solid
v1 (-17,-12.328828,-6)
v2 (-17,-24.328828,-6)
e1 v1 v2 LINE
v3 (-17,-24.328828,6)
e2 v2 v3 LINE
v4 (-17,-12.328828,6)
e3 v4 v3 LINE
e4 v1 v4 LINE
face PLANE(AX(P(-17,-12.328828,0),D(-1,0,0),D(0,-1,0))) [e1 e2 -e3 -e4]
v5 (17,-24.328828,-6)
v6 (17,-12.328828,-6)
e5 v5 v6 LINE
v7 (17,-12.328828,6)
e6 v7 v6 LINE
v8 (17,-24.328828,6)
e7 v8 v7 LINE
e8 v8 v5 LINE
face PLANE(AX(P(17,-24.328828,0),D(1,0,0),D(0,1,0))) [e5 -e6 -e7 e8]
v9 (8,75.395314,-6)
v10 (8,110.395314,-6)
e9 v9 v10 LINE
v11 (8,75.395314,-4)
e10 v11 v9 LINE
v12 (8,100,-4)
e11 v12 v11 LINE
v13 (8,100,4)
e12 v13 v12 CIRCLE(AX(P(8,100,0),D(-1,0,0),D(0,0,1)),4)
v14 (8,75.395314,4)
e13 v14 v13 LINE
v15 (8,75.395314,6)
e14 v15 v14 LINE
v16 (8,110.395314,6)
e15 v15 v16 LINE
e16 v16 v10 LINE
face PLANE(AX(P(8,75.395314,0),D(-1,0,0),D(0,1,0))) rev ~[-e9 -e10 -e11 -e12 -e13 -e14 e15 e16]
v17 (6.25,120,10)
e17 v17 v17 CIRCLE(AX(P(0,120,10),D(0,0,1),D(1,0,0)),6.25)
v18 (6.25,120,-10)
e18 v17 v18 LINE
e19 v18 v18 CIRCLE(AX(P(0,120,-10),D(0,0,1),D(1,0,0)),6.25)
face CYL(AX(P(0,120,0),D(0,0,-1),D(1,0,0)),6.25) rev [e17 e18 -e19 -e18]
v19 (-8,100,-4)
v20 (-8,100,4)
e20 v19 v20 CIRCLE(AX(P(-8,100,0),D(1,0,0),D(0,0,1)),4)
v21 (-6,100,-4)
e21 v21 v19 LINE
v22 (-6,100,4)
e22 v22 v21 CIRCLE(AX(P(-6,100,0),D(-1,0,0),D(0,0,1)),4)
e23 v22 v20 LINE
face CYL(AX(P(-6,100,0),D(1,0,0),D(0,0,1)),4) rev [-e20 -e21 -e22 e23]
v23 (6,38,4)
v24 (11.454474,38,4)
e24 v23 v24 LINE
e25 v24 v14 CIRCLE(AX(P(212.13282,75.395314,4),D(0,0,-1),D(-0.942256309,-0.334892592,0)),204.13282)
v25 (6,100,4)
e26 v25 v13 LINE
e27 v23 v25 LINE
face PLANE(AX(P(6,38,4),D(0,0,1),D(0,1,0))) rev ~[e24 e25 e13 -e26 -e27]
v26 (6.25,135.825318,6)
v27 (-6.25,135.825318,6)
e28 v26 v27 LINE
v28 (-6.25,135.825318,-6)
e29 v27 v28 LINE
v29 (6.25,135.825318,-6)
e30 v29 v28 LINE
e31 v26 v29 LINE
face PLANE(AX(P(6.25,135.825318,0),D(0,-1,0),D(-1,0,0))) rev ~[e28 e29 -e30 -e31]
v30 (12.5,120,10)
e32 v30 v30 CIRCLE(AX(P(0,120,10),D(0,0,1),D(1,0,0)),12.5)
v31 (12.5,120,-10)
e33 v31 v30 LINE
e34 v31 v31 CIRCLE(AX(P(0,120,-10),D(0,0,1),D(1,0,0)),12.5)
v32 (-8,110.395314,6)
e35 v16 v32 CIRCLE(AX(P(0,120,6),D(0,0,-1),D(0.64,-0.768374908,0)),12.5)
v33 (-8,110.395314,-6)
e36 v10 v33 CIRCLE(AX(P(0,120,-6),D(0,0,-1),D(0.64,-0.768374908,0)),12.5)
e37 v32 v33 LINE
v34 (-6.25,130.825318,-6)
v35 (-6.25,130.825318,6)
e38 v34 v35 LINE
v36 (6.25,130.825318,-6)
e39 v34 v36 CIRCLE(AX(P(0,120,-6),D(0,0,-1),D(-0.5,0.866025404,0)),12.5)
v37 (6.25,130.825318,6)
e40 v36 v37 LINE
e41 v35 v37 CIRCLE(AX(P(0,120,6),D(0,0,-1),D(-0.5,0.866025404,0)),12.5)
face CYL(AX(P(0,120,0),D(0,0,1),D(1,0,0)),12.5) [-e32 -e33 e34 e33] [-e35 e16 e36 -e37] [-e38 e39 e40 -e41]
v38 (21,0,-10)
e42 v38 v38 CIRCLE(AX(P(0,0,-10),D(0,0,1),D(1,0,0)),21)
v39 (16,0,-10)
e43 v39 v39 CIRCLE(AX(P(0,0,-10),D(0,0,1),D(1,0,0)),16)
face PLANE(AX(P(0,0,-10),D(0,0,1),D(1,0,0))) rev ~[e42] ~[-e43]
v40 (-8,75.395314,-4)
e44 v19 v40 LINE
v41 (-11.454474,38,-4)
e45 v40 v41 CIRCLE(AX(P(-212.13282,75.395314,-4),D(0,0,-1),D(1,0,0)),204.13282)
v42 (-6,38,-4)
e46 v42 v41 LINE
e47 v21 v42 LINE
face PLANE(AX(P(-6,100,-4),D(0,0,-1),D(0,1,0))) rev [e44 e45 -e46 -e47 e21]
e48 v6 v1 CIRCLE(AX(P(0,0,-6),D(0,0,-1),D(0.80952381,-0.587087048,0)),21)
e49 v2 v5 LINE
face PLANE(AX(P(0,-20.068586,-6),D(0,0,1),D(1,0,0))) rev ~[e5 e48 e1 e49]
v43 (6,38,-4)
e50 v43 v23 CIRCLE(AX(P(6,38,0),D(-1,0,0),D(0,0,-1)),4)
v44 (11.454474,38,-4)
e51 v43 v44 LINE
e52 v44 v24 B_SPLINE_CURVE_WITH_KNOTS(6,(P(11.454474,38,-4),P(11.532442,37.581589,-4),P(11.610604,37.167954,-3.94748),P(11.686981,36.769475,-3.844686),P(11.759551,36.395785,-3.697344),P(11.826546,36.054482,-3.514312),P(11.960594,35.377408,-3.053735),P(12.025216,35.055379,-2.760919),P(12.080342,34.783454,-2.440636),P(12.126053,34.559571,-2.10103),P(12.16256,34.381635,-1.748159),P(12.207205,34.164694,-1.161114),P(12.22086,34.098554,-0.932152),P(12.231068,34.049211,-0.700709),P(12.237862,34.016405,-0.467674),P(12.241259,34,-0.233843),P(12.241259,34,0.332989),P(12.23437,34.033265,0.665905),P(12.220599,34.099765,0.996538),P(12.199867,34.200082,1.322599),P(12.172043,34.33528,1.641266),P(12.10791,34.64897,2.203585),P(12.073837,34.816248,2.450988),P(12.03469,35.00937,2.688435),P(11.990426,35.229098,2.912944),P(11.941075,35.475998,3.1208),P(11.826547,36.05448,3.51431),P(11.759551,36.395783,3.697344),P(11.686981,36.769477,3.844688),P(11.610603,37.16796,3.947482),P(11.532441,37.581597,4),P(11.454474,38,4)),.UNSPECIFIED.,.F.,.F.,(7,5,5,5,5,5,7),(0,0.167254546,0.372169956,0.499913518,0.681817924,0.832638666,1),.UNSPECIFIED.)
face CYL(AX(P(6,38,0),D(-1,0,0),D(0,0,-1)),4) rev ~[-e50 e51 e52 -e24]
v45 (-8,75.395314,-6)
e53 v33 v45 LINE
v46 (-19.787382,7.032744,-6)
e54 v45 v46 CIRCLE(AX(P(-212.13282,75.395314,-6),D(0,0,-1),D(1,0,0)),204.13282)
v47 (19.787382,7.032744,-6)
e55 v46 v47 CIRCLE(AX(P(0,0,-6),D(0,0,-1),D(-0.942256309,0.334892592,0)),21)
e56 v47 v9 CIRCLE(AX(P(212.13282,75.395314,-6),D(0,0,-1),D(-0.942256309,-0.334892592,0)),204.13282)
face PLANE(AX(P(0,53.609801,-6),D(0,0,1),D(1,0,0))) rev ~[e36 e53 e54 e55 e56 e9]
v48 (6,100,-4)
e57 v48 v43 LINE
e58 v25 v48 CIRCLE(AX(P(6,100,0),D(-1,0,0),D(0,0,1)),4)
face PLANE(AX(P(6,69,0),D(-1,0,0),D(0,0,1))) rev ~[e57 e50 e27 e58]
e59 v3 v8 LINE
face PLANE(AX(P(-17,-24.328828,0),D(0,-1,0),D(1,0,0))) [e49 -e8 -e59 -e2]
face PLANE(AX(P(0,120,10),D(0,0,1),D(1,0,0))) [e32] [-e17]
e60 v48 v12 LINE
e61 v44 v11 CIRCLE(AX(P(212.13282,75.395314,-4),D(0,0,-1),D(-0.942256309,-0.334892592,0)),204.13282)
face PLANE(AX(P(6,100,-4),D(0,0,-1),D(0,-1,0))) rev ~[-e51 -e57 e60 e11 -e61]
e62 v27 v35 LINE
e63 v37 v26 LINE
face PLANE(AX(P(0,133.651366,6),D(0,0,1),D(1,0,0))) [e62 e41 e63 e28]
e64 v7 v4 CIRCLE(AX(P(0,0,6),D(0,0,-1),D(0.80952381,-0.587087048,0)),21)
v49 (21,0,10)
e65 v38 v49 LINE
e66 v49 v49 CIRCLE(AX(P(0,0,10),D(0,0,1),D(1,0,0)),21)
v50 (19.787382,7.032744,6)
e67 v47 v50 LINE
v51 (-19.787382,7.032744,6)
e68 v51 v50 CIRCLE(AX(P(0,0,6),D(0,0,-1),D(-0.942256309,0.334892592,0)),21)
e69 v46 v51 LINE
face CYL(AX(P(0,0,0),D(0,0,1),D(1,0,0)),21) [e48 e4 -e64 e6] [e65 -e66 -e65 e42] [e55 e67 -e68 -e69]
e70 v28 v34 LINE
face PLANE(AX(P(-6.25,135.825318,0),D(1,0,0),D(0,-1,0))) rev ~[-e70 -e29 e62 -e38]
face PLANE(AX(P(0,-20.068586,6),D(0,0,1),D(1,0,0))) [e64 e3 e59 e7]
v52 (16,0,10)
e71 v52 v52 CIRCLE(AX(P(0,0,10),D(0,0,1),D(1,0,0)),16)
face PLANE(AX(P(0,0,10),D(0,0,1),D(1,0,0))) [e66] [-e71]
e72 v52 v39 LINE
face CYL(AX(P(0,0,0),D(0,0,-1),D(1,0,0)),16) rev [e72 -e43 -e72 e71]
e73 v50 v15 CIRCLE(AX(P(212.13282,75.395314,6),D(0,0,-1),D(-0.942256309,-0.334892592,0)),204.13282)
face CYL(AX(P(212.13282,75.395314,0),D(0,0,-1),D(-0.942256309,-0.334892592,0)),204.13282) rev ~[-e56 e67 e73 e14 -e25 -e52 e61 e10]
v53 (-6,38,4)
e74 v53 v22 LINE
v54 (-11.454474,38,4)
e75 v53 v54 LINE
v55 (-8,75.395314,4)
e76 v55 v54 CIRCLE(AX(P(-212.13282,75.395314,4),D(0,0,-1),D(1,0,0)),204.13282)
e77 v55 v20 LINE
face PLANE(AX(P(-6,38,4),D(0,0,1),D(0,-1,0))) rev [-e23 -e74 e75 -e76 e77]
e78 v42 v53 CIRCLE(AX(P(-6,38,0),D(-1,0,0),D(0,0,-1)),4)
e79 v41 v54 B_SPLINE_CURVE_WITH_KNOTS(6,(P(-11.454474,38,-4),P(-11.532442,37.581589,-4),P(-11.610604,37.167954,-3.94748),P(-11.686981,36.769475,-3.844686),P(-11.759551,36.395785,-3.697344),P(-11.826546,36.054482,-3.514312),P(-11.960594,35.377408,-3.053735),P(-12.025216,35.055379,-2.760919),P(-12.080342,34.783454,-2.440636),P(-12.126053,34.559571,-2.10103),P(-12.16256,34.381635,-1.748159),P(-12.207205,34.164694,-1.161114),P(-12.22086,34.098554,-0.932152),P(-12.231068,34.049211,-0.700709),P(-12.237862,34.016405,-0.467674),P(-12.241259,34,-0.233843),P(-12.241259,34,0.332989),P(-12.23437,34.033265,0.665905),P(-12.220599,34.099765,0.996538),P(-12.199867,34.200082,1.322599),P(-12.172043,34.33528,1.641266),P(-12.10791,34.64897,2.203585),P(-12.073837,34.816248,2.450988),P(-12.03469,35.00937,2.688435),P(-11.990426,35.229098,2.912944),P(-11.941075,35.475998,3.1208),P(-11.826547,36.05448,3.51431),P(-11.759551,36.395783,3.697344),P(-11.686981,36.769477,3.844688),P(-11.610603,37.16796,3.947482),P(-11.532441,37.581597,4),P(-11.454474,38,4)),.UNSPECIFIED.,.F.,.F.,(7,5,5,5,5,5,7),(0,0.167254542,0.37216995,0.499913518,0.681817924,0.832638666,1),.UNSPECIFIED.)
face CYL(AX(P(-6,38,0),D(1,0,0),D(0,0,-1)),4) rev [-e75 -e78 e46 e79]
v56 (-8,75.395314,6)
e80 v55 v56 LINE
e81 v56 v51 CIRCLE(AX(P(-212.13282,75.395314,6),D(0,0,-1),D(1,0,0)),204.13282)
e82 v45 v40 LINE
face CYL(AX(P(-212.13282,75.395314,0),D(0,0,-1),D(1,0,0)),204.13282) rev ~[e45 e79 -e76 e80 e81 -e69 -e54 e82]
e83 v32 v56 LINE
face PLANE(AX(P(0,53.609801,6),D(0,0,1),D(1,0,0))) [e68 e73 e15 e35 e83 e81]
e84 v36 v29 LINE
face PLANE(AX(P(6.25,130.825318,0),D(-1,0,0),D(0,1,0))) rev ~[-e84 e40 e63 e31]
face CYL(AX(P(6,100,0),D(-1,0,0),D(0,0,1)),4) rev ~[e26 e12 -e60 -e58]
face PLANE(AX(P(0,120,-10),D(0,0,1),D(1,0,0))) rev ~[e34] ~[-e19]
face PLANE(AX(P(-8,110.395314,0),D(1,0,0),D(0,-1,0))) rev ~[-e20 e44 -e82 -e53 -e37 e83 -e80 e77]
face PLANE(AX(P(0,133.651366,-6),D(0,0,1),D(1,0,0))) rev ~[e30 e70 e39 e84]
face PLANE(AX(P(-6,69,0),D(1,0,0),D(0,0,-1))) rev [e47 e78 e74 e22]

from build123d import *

# Parameters (mm, degrees)
SKETCH1_R             = 21
SKETCH1_R_2           = 16
BOSS_EXTRUDE2_DEPTH   = 10
SKETCH1_R_3           = 12.5
SKETCH1_R_4           = 6.25
BOSS_EXTRUDE2_2_DEPTH = 10
BOSS_EXTRUDE4_DEPTH   = 6
CUT_EXTRUDE1_START    = 6
CUT_EXTRUDE1_DEPTH    = 12


with BuildPart() as part:
    # Sketch1 → Boss-Extrude2 (new body, symmetric)
    with BuildSketch(Plane.XY):
        Circle(SKETCH1_R)
        Circle(SKETCH1_R_2, mode=Mode.SUBTRACT)
    extrude(amount=BOSS_EXTRUDE2_DEPTH, both=True)



with BuildPart() as body_2:
    # Sketch1 → Boss-Extrude2 2 (new body, symmetric)
    with BuildSketch(Plane.XY):
        with Locations((0, 120)):
            Circle(SKETCH1_R_3)
        with Locations((0, 120)):
            Circle(SKETCH1_R_4, mode=Mode.SUBTRACT)
    extrude(amount=BOSS_EXTRUDE2_2_DEPTH, both=True)


with BuildPart() as part_1:
    add(part.part)

    add(body_2.part)  # Boss-Extrude4 merges body 2
    # Sketch1_6 → Boss-Extrude4 (add, symmetric)
    with BuildSketch(Plane.XY):
        with BuildLine():
            Line((-8, 110.395313644), (-8, 75.395313644))
            ThreePointArc((-8, 75.395313644), (-10.96842855, 40.709642053), (-19.787382488, 7.032744434))
            ThreePointArc((-19.787382488, 7.032744434), (0, 21), (19.787382488, 7.032744434))
            ThreePointArc((19.787382488, 7.032744434), (10.96842855, 40.709642053), (8, 75.395313644))
            Line((8, 75.395313644), (8, 110.395313644))
            ThreePointArc((8, 110.395313644), (0, 107.5), (-8, 110.395313644))
        make_face()
        with BuildLine():
            Line((-6.25, 135.825317547), (-6.25, 130.825317547))
            ThreePointArc((-6.25, 130.825317547), (0, 132.5), (6.25, 130.825317547))
            Line((6.25, 130.825317547), (6.25, 135.825317547))
            Line((6.25, 135.825317547), (-6.25, 135.825317547))
        make_face()
        with BuildLine():
            ThreePointArc((17, -12.328828006), (0, -21), (-17, -12.328828006))
            Line((-17, -12.328828006), (-17, -24.328828006))
            Line((-17, -24.328828006), (17, -24.328828006))
            Line((17, -24.328828006), (17, -12.328828006))
        make_face()
    extrude(amount=BOSS_EXTRUDE4_DEPTH, both=True)

    # Sketch2 → Cut-Extrude1 (cut)
    with BuildSketch(Plane(origin=(0, 0, 0), x_dir=(0, 0, -1), z_dir=(1, 0, 0)).offset(CUT_EXTRUDE1_START)):
        with BuildLine():
            Line((4, 100), (4, 38))
            ThreePointArc((4, 38), (0, 34), (-4, 38))
            Line((-4, 38), (-4, 100))
            ThreePointArc((-4, 100), (0, 104), (4, 100))
        make_face()
    cut_extrude1 = extrude(amount=CUT_EXTRUDE1_DEPTH, mode=Mode.SUBTRACT)

    # Mirror1: Cut-Extrude1 across plane
    add(cut_extrude1.mirror(Plane(origin=(0, 0, 0), x_dir=(0, 0, 1), z_dir=(1, 0, 0))), mode=Mode.SUBTRACT)


solid = part_1.part
